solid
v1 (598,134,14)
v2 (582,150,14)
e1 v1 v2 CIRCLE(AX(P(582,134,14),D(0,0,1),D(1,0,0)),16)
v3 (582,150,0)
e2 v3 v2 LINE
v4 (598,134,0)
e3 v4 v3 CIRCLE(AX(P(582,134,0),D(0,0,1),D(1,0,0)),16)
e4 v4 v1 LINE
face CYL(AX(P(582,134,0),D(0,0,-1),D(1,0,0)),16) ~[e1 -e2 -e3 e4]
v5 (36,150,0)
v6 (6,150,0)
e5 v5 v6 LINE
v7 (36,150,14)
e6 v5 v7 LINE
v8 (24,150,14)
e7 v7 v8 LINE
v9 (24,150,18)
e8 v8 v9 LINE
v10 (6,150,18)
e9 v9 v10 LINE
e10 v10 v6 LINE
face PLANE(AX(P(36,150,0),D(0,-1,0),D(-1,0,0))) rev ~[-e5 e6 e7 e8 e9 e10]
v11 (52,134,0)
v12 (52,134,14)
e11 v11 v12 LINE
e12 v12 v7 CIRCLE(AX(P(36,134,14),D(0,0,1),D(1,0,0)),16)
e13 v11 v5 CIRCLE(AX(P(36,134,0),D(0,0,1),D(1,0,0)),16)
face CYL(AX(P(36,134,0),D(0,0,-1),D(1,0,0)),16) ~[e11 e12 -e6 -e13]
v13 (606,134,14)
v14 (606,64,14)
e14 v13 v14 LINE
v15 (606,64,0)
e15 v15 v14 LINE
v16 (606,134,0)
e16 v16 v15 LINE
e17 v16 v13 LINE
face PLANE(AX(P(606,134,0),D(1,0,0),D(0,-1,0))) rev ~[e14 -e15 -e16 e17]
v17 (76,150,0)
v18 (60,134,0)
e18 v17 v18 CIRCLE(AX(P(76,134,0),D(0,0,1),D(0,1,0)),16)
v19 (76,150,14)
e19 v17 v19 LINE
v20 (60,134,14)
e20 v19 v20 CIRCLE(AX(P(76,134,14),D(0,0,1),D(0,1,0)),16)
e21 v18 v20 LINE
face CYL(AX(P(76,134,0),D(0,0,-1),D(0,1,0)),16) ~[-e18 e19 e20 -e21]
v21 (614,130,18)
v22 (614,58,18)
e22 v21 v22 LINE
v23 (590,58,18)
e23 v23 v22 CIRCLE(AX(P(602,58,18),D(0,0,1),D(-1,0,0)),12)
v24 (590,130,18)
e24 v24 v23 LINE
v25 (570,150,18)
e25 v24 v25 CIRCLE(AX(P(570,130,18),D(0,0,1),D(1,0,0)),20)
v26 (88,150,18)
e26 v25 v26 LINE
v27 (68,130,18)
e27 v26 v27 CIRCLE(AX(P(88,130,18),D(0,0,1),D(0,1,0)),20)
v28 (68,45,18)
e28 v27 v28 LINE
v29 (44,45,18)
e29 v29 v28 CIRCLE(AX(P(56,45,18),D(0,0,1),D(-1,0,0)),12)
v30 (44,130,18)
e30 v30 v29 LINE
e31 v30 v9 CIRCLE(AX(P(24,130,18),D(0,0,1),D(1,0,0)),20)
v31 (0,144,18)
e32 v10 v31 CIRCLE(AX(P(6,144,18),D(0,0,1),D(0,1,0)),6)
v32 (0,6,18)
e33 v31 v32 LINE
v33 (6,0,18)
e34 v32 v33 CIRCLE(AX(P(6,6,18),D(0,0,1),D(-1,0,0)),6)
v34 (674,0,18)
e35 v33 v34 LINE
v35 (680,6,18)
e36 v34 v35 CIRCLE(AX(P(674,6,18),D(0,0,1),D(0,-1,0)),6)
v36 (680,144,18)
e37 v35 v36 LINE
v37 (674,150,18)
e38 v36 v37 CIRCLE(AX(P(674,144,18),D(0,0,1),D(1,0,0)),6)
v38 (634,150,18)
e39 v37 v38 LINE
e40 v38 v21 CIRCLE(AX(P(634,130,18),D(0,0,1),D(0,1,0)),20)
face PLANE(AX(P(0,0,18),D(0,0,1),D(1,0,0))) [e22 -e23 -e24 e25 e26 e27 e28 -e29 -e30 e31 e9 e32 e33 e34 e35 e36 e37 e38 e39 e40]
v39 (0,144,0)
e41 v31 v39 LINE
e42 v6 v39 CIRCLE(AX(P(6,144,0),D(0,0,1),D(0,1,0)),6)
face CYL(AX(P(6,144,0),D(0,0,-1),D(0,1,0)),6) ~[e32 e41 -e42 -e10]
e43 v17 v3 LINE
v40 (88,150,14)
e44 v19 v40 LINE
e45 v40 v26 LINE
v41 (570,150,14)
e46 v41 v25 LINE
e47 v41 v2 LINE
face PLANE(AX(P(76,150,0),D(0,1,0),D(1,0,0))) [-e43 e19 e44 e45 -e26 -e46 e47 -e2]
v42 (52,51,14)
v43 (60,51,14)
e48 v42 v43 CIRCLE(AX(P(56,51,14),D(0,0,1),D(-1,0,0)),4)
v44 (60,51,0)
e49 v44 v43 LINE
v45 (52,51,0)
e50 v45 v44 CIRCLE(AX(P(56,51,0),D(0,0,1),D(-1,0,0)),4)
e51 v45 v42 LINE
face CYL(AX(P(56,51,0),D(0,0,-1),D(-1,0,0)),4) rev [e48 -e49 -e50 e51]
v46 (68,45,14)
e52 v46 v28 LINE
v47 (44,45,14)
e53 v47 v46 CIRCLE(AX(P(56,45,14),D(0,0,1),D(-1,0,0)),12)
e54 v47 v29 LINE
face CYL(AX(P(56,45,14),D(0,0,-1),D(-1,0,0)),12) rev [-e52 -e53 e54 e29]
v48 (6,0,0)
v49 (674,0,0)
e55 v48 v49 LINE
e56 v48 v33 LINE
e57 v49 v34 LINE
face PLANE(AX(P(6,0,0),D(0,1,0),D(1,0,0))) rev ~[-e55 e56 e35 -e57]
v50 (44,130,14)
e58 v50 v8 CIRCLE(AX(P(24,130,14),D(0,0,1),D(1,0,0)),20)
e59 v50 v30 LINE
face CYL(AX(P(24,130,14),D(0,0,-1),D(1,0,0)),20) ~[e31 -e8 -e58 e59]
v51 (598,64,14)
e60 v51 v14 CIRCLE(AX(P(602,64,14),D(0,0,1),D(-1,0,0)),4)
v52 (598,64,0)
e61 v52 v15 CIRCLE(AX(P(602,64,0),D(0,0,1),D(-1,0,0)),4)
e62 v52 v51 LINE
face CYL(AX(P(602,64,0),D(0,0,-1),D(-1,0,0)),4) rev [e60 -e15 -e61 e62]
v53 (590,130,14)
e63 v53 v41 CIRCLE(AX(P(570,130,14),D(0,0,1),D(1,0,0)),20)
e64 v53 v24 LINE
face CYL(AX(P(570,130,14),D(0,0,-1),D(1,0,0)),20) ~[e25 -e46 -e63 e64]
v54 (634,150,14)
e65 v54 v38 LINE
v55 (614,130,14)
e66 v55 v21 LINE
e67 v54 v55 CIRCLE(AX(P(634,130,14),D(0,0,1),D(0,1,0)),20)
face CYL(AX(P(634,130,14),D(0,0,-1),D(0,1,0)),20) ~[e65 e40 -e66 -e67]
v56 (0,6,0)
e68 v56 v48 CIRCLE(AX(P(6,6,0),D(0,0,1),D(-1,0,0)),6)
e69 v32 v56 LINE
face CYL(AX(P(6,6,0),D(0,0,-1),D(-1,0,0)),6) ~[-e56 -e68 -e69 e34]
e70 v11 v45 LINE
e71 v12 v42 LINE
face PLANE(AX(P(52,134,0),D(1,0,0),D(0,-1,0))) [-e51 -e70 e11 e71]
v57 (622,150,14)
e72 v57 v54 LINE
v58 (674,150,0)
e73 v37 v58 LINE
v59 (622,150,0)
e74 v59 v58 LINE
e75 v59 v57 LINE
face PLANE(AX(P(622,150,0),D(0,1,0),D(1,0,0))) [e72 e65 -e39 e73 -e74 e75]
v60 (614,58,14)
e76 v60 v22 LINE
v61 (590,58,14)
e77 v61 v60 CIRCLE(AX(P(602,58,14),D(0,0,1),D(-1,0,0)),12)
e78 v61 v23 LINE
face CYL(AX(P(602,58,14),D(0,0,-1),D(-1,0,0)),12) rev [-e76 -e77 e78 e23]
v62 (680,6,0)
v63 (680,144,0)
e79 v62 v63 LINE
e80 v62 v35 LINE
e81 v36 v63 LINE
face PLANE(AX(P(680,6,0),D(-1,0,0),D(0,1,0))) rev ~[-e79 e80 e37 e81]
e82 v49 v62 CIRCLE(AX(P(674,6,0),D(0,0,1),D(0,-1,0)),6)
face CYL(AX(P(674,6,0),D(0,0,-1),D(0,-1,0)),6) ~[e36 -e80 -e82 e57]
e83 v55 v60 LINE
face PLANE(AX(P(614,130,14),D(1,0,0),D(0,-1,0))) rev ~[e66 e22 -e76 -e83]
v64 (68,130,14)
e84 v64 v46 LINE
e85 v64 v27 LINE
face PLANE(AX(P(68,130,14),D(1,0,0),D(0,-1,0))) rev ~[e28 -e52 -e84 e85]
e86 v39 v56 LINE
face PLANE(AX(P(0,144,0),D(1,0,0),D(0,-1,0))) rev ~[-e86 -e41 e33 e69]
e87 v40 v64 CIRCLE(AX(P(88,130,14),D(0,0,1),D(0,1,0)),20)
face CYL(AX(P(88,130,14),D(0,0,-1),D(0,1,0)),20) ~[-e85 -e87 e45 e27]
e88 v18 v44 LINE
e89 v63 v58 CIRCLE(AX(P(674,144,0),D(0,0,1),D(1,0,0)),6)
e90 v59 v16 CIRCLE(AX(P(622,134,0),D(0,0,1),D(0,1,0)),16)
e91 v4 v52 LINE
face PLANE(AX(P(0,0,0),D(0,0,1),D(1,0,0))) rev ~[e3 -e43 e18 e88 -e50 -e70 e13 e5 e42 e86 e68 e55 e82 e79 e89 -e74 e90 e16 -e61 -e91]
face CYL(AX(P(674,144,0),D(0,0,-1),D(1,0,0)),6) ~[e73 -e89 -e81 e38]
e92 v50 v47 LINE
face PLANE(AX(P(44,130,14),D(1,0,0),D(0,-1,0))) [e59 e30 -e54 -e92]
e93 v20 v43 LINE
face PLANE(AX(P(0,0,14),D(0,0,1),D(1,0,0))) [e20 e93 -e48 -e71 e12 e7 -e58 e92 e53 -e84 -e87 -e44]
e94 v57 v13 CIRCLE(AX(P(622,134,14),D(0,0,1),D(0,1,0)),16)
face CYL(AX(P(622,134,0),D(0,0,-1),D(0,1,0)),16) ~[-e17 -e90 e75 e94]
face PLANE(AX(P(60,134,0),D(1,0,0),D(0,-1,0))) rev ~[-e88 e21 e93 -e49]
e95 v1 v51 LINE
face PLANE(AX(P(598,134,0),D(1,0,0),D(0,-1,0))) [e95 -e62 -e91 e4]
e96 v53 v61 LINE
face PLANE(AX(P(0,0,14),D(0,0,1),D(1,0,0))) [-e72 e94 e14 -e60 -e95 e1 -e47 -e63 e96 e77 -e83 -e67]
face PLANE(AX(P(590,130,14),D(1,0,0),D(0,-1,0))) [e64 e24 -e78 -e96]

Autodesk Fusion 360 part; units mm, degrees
sketch "Sketch1" plane through (0, 0, 0) normal (0, 0, 1) x (1, 0, 0)
  line L0 (6, 0) -> (674, 0)
  line L1 (680, 6) -> (680, 144)
  line L2 (0, 144) -> (0, 6)
  line L3 (52, 134) -> (52, 51)
  line L4 (60, 134) -> (60, 51)
  arc A0 (52, 51) -> (60, 51) centre (56, 51) ccw
  line L5 (598, 134) -> (598, 64)
  line L6 (606, 134) -> (606, 64)
  arc A1 (598, 64) -> (606, 64) centre (602, 64) ccw
  arc A2 (0, 6) -> (6, 0) centre (6, 6) ccw
  arc A3 (6, 150) -> (0, 144) centre (6, 144) ccw
  arc A4 (680, 144) -> (674, 150) centre (674, 144) ccw
  arc A5 (674, 0) -> (680, 6) centre (674, 6) ccw
  arc A6 (52, 134) -> (36, 150) centre (36, 134) ccw
  arc A7 (76, 150) -> (60, 134) centre (76, 134) ccw
  arc A8 (598, 134) -> (582, 150) centre (582, 134) ccw
  arc A9 (622, 150) -> (606, 134) centre (622, 134) ccw
  line L7 (622, 150) -> (674, 150)
  line L8 (76, 150) -> (582, 150)
  line L9 (36, 150) -> (6, 150)
  point P0 (680, 0)
  point P1 (0, 150)
  point P2 (52, 150)
  point P3 (60, 150)
  point P4 (598, 150)
  point P5 (606, 150)
  point P6 (44, 150)
  point P7 (68, 150)
  point P8 (590, 150)
  point P9 (614, 150)
  dimension "d1" = 680
  dimension "d2" = 150
  dimension "d3" = 99
  dimension "d4" = 52
  dimension "d5" = 99
  dimension "d6" = 60
  dimension "d7" = 86
  dimension "d8" = 598
  dimension "d9" = 86
  dimension "d10" = 606
  dimension "d11" = 6
  dimension "d12" = 16
extrude "Extrude1" add sketch "Sketch1" along normal blind 14
sketch "Sketch2" plane through (0, 0, 14) normal (0, 0, 1) x (1, 0, 0)
  arc A0 (52, 134) -> (36, 150) centre (36, 134) ccw
  line L0 (36, 150) -> (6, 150)
  arc A1 (6, 150) -> (0, 144) centre (6, 144) ccw
  line L1 (0, 144) -> (0, 6)
  arc A2 (0, 6) -> (6, 0) centre (6, 6) ccw
  line L2 (6, 0) -> (674, 0)
  arc A3 (674, 0) -> (680, 6) centre (674, 6) ccw
  line L3 (680, 6) -> (680, 144)
  arc A4 (680, 144) -> (674, 150) centre (674, 144) ccw
  line L4 (674, 150) -> (622, 150)
  arc A5 (622, 150) -> (606, 134) centre (622, 134) ccw
  line L5 (606, 134) -> (606, 64)
  arc A6 (598, 64) -> (606, 64) centre (602, 64) ccw
  line L6 (598, 64) -> (598, 134)
  arc A7 (598, 134) -> (582, 150) centre (582, 134) ccw
  line L7 (582, 150) -> (76, 150)
  arc A8 (76, 150) -> (60, 134) centre (76, 134) ccw
  line L8 (60, 134) -> (60, 51)
  arc A9 (52, 51) -> (60, 51) centre (56, 51) ccw
  line L9 (52, 51) -> (52, 134)
  line L10 (44, 130) -> (44, 45)
  line L11 (0, 144) -> (0, 6)
  line L12 (68, 130) -> (68, 45)
  arc A10 (44, 45) -> (68, 45) centre (56, 45) ccw
  line L13 (590, 130) -> (590, 58)
  line L14 (614, 130) -> (614, 58)
  arc A11 (590, 58) -> (614, 58) centre (602, 58) ccw
  line L15 (88, 150) -> (570, 150)
  line L16 (634, 150) -> (674, 150)
  arc A12 (88, 150) -> (68, 130) centre (88, 130) ccw
  line L17 (6, 150) -> (24, 150)
  arc A13 (44, 130) -> (24, 150) centre (24, 130) ccw
  arc A14 (590, 130) -> (570, 150) centre (570, 130) ccw
  arc A15 (634, 150) -> (614, 130) centre (634, 130) ccw
  point P0 (44, 150)
  point P1 (68, 150)
  point P2 (590, 150)
  point P3 (614, 150)
  dimension "d27" = 105
  dimension "d28" = 44
  dimension "d29" = 105
  dimension "d30" = 68
  dimension "d31" = 92
  dimension "d32" = 590
  dimension "d33" = 92
  dimension "d34" = 614
  dimension "d35" = 20
  dimension "d36" = 20
  dimension "d37" = 20
  dimension "d38" = 20
extrude "Extrude2" add sketch "Sketch2" along normal blind 4 contours L0 A1 L1 A2 L2 A3 L3 A4 L4 L7 L10 L11 L12 A10 L13 L14 A11 L15 L16 A12 L17 A13 A14 A15
